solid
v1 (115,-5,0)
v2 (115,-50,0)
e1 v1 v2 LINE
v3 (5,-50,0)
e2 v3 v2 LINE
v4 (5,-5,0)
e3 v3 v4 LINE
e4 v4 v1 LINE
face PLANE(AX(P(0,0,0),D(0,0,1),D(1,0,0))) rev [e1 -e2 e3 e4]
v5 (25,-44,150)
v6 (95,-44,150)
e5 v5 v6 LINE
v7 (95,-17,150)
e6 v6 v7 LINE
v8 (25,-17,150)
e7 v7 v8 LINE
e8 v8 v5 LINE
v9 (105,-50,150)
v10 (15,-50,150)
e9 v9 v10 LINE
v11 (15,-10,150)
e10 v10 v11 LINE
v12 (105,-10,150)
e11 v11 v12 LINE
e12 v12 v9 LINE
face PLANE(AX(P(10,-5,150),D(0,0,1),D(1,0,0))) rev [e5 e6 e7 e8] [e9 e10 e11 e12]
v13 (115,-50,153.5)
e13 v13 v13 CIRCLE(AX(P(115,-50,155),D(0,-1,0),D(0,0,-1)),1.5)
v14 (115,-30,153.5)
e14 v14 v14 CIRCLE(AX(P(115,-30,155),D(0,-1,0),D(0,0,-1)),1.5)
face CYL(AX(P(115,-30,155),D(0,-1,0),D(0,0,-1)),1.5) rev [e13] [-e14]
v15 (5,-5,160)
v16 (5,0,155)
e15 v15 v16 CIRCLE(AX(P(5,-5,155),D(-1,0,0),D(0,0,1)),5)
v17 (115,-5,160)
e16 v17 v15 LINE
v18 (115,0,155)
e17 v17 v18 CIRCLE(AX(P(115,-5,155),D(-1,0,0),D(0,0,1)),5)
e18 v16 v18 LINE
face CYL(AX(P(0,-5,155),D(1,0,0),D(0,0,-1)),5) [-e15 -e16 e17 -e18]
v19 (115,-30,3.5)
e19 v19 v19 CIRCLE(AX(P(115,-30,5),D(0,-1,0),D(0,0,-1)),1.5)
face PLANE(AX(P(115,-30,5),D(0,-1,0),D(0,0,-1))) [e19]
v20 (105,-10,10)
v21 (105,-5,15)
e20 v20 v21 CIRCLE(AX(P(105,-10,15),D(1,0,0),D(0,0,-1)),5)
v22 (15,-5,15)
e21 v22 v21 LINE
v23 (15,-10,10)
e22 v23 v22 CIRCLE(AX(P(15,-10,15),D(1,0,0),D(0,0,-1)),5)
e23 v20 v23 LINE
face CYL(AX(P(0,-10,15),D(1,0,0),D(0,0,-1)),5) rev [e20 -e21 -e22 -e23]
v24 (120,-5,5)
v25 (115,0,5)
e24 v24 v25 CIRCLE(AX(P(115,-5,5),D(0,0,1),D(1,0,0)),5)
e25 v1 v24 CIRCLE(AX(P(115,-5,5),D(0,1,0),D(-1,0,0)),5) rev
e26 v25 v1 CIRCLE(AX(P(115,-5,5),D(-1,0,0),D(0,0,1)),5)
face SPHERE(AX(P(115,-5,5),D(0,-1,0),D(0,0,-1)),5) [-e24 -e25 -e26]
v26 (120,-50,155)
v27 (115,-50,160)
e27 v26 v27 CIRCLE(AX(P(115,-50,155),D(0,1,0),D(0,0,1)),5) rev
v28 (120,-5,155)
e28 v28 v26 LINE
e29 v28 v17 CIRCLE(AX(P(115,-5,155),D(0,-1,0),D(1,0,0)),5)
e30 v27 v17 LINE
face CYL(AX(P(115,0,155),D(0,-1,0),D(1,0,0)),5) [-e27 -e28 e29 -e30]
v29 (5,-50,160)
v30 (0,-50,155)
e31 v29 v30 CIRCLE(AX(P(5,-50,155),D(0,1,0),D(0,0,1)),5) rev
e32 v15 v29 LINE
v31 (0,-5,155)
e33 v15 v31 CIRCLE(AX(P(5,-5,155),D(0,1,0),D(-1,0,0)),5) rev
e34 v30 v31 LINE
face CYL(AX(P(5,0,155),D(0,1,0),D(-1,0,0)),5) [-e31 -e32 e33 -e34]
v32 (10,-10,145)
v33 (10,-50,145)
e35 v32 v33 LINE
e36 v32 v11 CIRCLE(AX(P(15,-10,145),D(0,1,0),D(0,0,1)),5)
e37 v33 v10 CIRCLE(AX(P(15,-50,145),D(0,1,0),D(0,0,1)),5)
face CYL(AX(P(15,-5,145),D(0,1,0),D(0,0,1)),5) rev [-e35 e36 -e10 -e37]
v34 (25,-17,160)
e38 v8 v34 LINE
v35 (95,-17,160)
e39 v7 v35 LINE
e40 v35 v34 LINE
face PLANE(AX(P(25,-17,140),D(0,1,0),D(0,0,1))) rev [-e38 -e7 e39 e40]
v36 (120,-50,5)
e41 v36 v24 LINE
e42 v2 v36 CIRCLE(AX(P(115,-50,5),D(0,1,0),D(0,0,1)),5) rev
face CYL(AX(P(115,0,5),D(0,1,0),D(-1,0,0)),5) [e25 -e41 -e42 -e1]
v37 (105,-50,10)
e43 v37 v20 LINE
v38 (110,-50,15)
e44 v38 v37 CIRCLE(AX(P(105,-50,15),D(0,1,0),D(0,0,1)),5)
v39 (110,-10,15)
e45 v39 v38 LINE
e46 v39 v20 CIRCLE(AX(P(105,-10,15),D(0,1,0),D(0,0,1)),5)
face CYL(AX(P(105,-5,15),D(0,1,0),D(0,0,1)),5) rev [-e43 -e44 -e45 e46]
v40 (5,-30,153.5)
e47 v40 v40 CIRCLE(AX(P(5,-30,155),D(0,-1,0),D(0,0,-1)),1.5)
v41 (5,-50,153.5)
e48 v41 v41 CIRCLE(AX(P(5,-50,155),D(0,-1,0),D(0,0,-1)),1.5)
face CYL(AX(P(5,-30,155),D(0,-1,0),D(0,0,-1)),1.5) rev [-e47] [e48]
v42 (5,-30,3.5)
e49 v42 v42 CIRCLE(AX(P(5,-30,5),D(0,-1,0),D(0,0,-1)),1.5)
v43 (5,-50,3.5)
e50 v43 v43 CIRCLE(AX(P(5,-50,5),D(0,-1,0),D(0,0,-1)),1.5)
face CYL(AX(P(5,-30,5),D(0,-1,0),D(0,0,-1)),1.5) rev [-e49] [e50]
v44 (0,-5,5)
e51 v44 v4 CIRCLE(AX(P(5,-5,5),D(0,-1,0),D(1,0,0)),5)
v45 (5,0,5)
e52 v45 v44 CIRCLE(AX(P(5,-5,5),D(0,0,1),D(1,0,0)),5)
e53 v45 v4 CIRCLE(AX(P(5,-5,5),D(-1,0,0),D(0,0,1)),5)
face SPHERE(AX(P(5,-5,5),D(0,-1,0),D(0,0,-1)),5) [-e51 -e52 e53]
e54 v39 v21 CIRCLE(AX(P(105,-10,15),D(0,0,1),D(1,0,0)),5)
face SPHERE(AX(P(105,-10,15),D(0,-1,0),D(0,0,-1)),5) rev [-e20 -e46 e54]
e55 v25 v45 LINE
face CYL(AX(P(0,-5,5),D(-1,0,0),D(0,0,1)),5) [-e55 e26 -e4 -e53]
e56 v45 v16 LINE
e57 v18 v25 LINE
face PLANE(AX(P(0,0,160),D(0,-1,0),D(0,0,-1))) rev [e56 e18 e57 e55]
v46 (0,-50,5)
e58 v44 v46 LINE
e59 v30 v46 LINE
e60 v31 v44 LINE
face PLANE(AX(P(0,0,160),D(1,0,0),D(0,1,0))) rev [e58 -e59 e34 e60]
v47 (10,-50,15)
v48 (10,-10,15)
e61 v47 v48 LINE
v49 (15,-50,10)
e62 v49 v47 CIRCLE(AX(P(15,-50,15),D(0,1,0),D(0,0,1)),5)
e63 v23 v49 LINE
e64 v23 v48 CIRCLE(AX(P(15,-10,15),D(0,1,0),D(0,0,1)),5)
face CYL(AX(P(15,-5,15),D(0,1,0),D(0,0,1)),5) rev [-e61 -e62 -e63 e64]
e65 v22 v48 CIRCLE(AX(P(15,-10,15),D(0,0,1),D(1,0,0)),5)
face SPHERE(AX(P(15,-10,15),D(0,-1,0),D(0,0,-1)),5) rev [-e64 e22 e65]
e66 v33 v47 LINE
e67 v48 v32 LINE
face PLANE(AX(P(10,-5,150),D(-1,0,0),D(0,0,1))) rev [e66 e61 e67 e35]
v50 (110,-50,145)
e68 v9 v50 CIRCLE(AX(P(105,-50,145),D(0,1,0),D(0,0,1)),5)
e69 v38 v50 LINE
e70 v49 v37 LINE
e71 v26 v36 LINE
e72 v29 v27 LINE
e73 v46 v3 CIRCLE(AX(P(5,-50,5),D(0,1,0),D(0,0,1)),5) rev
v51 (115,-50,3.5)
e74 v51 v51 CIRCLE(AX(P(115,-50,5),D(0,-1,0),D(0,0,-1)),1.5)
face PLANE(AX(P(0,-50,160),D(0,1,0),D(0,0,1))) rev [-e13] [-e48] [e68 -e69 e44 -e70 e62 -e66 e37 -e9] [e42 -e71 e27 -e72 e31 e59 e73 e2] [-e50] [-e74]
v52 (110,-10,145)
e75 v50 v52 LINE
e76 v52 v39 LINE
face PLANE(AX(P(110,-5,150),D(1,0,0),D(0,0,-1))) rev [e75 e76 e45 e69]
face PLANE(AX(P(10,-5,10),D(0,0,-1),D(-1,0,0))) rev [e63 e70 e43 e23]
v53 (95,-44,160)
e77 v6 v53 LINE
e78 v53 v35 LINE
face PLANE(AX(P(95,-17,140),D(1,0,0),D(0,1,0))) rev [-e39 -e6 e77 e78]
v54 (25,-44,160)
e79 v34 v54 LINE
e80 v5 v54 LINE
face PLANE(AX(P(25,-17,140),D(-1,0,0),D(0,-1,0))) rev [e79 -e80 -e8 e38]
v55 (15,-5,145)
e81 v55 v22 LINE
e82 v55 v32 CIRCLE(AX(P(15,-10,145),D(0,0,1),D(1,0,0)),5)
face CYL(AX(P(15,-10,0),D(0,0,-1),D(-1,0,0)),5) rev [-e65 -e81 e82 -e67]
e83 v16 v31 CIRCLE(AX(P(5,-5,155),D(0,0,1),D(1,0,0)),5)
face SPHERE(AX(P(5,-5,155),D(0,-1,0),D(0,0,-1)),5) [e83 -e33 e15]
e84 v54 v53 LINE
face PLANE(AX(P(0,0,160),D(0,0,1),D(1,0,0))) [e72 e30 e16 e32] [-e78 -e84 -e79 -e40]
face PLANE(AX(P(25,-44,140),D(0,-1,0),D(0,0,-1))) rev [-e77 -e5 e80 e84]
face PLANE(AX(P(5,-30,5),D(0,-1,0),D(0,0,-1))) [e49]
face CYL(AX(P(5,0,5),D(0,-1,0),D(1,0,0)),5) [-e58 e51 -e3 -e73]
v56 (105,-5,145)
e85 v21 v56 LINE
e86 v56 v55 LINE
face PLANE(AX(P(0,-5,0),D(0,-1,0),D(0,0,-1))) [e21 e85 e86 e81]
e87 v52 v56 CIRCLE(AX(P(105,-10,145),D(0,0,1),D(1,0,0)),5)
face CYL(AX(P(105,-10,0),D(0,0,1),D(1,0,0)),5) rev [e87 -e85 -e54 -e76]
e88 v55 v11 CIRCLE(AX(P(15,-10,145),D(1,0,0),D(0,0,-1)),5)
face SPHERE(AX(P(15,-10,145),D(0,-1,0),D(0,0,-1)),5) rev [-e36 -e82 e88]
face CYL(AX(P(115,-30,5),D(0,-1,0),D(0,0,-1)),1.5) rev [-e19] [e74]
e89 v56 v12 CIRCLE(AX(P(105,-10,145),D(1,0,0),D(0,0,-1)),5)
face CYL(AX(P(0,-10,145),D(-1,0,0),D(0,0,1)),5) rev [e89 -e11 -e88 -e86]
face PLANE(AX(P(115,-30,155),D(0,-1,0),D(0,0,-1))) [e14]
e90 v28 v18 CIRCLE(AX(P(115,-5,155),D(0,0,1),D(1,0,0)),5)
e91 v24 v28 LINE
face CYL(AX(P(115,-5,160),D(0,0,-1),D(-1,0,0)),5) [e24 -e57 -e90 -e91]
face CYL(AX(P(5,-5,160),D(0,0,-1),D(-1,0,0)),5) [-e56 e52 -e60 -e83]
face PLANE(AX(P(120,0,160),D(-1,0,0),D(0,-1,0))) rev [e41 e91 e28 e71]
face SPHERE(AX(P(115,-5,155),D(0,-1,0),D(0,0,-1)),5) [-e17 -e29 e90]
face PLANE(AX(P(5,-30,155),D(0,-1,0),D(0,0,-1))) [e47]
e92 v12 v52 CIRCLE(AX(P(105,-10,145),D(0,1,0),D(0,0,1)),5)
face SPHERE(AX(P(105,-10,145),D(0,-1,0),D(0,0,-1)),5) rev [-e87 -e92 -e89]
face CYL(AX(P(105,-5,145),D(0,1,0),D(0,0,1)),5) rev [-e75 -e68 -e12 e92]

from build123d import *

# Parameters (mm, degrees)
SKETCH1_W           = 120
SKETCH1_H           = 50
BOSS_EXTRUDE1_DEPTH = 160
FILLET1_R           = 5
FILLET2_R           = 5
SKETCH2_W           = 100
SKETCH2_H           = 140
CUT_EXTRUDE1_DEPTH  = 45
FILLET3_R           = 5
FILLET4_R           = 5
FILLET5_R           = 5
SKETCH3_R           = 1.5
CUT_EXTRUDE2_DEPTH  = 20
SKETCH4_W           = 70
SKETCH4_H           = 27
CUT_EXTRUDE4_DEPTH  = 20


with BuildPart() as part:
    # Sketch1 → Boss-Extrude1 (new body)
    with BuildSketch(Plane.XY):
        with Locations((60, -25)):
            Rectangle(SKETCH1_W, SKETCH1_H)
    extrude(amount=BOSS_EXTRUDE1_DEPTH)

    # Fillet1
    fillet1_edges = [part.edges().sort_by_distance(p)[0] for p in [
        (0, -25, 160),
    ]]
    fillet(fillet1_edges, radius=FILLET1_R)

    # Fillet2
    fillet2_edges = [part.edges().sort_by_distance(p)[0] for p in [
        (120, -25, 160),
        (120, -25, 0),
        (0, -25, 0),
    ]]
    fillet(fillet2_edges, radius=FILLET2_R)

    # Sketch2 → Cut-Extrude1 (cut)
    with BuildSketch(Plane.XZ.offset(50)):
        with Locations((60, 80)):
            Rectangle(SKETCH2_W, SKETCH2_H)
    extrude(amount=-CUT_EXTRUDE1_DEPTH, mode=Mode.SUBTRACT)

    # Fillet3
    fillet3_edges = [part.edges().sort_by_distance(p)[0] for p in [
        (10, -27.5, 10),
        (10, -27.5, 150),
        (110, -27.5, 150),
        (110, -27.5, 10),
    ]]
    fillet(fillet3_edges, radius=FILLET3_R)

    # Fillet4
    fillet4_edges = [part.edges().sort_by_distance(p)[0] for p in [
        (110, -5, 80),
        (60, -5, 10),
        (10, -5, 80),
        (60, -5, 150),
        (11.464466094, -5, 148.535533906),
        (108.535533906, -5, 148.535533906),
        (11.464466094, -5, 11.464466094),
        (108.535533906, -5, 11.464466094),
    ]]
    fillet(fillet4_edges, radius=FILLET4_R)

    # Fillet5
    fillet5_edges = [part.edges().sort_by_distance(p)[0] for p in [
        (0, 0, 80),
        (1.464466094, 0, 158.535533906),
        (60, 0, 0),
        (60, 0, 160),
        (120, 0, 80),
        (118.535533906, 0, 158.535533906),
        (118.535533906, 0, 1.464466094),
        (1.464466094, 0, 1.464466094),
    ]]
    fillet(fillet5_edges, radius=FILLET5_R)

    # Sketch3 → Cut-Extrude2 (cut)
    with BuildSketch(Plane.XZ.offset(50)):
        with Locations((5, 155)):
            Circle(SKETCH3_R)
        with Locations((115, 155)):
            Circle(SKETCH3_R)
        with Locations((115, 5)):
            Circle(SKETCH3_R)
        with Locations((5, 5)):
            Circle(SKETCH3_R)
    extrude(amount=-CUT_EXTRUDE2_DEPTH, mode=Mode.SUBTRACT)

    # Sketch4 → Cut-Extrude4 (cut)
    with BuildSketch(Plane.XY.offset(160)):
        with Locations((60, -30.5)):
            Rectangle(SKETCH4_W, SKETCH4_H)
    extrude(amount=-CUT_EXTRUDE4_DEPTH, mode=Mode.SUBTRACT)


solid = part.part
